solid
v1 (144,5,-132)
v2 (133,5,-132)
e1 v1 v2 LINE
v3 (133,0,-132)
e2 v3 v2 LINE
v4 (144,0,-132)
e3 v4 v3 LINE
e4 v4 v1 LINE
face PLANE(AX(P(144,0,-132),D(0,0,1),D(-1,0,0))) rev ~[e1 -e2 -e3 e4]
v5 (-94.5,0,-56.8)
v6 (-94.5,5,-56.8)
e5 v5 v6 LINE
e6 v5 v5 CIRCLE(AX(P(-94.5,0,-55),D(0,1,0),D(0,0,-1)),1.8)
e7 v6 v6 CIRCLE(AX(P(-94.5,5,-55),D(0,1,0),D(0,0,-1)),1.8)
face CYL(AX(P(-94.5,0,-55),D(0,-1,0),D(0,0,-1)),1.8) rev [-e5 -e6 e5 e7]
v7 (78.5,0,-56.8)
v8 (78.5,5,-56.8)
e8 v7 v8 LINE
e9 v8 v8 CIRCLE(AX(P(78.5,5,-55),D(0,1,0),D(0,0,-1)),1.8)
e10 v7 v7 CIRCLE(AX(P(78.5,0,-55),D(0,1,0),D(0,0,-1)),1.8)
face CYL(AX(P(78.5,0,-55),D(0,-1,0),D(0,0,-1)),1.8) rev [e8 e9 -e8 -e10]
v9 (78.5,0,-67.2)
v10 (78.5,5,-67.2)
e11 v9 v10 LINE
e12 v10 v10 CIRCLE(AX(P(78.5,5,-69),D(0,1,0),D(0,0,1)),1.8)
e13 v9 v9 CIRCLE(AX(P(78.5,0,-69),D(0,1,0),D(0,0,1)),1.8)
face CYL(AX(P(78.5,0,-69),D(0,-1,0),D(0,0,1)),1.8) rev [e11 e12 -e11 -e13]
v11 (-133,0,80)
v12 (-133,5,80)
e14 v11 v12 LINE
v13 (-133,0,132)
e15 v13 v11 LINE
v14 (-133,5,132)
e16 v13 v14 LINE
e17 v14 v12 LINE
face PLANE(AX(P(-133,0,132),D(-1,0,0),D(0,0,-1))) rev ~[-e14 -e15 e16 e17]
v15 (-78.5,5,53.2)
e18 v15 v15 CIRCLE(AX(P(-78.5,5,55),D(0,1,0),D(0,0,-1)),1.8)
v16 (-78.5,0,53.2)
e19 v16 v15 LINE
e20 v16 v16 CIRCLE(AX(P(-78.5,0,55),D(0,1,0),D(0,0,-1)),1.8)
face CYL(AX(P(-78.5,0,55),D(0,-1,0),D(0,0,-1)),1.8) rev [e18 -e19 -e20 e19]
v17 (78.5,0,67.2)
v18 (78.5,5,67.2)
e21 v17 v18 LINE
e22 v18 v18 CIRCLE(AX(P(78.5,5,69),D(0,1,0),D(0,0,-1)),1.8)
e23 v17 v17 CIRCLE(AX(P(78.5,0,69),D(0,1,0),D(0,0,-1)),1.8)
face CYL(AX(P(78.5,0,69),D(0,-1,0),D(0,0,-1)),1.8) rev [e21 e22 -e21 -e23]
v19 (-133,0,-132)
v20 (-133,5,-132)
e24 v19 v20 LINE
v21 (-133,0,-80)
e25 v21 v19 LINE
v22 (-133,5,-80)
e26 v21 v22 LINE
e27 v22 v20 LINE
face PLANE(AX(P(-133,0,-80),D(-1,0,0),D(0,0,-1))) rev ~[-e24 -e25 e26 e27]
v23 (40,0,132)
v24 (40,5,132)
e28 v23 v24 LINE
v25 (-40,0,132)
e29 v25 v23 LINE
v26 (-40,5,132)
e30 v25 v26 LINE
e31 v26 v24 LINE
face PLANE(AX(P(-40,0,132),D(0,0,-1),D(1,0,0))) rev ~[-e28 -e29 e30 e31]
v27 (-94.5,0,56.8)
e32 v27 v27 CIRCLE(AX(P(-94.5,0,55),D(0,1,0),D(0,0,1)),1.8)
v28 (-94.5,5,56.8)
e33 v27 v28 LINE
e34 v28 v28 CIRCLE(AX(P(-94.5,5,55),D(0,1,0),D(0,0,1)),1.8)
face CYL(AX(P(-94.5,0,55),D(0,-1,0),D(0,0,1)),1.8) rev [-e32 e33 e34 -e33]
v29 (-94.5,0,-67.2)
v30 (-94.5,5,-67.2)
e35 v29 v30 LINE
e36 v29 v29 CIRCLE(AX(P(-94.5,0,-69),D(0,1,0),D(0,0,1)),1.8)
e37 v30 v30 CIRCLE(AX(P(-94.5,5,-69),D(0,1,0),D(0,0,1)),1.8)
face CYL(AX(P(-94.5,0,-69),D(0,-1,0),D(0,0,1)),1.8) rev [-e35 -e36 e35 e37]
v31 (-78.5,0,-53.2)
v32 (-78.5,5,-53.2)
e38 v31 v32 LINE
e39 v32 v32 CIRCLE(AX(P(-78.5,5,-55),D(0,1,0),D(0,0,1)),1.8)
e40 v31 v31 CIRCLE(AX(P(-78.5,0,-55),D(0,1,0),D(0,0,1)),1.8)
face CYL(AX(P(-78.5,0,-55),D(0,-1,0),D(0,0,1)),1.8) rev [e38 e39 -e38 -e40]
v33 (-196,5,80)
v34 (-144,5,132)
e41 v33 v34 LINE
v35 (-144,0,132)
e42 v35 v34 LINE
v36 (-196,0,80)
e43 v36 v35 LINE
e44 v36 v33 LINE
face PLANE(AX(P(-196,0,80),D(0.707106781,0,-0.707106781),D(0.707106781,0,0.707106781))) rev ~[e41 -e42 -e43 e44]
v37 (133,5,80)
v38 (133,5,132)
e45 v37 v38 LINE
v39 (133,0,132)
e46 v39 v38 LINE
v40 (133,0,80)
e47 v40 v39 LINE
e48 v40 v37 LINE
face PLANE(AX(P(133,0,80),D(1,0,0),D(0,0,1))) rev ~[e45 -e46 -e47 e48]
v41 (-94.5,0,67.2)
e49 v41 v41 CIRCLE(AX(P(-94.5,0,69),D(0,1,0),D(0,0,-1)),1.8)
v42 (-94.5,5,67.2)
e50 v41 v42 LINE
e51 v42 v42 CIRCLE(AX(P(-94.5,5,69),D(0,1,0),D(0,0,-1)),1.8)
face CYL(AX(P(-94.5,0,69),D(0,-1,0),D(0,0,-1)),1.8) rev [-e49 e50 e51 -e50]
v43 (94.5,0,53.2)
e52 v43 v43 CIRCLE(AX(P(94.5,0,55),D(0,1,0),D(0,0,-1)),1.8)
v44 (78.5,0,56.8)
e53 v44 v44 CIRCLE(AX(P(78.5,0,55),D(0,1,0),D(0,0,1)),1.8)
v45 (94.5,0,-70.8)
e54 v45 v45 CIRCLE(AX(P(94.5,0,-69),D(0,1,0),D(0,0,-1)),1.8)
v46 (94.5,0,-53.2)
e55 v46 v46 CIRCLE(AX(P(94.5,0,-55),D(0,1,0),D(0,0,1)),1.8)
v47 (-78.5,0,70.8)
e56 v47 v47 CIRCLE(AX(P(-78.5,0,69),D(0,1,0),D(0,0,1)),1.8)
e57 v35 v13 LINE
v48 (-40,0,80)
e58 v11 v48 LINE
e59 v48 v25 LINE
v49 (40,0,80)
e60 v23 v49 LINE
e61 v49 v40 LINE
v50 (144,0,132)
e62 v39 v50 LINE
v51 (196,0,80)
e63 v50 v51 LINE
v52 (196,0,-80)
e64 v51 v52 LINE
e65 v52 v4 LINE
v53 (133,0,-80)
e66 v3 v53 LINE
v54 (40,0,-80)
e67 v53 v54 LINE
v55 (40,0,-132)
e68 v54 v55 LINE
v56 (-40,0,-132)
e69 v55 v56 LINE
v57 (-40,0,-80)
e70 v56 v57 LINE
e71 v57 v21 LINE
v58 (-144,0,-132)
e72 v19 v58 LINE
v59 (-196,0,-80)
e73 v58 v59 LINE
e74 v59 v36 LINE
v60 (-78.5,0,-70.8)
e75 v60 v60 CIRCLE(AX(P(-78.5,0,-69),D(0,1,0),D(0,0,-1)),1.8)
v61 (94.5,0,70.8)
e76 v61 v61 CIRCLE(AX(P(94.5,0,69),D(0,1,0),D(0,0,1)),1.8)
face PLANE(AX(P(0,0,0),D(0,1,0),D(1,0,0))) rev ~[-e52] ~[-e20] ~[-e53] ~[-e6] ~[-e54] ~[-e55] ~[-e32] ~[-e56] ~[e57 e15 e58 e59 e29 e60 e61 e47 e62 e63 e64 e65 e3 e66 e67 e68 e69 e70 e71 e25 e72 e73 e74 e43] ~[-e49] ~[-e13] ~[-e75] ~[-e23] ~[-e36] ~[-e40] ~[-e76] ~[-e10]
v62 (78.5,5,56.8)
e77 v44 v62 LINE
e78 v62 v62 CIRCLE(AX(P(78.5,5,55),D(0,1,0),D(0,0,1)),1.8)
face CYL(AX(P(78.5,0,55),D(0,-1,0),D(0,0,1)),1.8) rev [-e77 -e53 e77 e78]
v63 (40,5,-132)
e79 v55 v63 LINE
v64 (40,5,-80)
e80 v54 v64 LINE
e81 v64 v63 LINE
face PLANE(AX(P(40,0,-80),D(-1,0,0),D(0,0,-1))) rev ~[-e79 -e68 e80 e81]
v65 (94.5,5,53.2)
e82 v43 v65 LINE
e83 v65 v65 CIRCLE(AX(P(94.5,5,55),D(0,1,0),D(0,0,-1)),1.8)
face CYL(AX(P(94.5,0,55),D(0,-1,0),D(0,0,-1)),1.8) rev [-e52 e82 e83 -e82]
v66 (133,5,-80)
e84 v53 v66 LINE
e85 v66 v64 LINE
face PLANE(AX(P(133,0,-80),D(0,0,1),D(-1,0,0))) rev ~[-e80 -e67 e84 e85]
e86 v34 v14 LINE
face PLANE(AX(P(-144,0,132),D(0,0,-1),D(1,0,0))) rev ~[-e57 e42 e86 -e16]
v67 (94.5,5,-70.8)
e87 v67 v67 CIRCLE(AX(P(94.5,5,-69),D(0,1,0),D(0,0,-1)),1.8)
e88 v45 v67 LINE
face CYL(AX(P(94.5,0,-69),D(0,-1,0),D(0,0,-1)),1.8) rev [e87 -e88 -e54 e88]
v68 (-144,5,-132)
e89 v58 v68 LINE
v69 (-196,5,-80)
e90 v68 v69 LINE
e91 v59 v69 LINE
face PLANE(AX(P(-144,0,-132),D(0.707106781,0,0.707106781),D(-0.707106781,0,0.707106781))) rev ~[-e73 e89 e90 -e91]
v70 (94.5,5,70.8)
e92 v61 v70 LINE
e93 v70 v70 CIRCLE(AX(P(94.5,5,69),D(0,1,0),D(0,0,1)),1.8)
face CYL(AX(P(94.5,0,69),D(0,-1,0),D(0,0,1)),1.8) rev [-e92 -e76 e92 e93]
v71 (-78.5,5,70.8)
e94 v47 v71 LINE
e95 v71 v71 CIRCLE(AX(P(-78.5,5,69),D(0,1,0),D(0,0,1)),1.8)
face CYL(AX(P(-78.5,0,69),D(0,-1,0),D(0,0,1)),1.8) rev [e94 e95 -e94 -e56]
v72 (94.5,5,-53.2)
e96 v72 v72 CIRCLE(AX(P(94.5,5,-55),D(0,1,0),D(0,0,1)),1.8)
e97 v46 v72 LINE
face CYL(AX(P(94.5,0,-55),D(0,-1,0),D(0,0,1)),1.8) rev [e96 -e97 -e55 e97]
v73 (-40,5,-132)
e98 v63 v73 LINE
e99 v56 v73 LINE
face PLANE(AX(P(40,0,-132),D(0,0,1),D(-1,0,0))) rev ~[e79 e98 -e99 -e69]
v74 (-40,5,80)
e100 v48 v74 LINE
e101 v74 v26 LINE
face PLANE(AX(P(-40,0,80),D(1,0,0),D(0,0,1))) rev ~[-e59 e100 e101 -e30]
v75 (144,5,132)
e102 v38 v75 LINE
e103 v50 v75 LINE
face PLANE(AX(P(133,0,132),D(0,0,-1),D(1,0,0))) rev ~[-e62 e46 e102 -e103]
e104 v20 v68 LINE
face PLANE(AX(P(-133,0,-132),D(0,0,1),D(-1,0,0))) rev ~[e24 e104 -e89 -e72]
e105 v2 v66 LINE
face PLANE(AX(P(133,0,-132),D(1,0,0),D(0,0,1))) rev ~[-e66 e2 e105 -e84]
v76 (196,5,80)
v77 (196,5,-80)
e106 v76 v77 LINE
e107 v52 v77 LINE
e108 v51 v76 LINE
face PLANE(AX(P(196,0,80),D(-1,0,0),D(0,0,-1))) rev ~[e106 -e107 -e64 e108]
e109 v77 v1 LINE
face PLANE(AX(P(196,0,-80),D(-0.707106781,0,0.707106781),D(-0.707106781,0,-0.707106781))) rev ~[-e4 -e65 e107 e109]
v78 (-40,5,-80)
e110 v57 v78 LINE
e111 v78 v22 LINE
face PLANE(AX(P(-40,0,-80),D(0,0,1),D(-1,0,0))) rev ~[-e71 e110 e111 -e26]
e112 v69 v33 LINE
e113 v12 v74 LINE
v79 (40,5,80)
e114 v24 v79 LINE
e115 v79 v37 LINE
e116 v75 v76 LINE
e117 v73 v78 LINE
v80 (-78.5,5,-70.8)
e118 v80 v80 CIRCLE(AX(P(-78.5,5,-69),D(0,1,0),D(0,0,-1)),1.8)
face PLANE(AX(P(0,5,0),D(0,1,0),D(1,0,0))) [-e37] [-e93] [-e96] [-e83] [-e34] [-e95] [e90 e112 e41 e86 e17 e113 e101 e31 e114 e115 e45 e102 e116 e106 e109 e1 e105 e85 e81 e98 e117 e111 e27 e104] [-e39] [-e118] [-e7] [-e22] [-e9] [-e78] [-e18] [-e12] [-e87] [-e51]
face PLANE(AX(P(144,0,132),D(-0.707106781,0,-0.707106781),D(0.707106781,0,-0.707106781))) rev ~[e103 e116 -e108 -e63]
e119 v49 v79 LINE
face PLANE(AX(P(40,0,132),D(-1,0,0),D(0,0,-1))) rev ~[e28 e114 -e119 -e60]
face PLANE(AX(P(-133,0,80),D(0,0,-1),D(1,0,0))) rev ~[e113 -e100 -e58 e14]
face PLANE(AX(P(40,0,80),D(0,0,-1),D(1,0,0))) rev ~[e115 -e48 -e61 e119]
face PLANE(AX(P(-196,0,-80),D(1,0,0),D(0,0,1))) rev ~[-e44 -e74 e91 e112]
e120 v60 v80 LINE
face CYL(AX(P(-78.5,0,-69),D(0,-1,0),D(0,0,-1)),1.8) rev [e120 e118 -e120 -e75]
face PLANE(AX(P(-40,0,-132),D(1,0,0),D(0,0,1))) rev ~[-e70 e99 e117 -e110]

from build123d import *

# Parameters (mm, degrees)
SKETCH1_R           = 1.8
BOSS_EXTRUDE1_DEPTH = 5


with BuildPart() as part:
    # Sketch1 → Boss-Extrude1 (new body)
    with BuildSketch(Plane(origin=(0, 0, 0), x_dir=(1, 0, 0), z_dir=(0, 1, 0))):
        Polygon((196, -80), (196, 80), (144, 132), (133, 132), (133, 80), (40, 80), (40, 132), (-40, 132), (-40, 80), (-133, 80), (-133, 132), (-144, 132), (-196, 80), (-196, -80), (-144, -132), (-133, -132), (-133, -80), (-40, -80), (-40, -132), (40, -132), (40, -80), (133, -80), (133, -132), (144, -132), align=None)
        with Locations(Location((94.5, -69, 0), (0, 0, 270))):
            Circle(SKETCH1_R, mode=Mode.SUBTRACT)
        with Locations(Location((94.5, -55, 0), (0, 0, 90))):
            Circle(SKETCH1_R, mode=Mode.SUBTRACT)
        with Locations(Location((78.5, -69, 0), (0, 0, 90))):
            Circle(SKETCH1_R, mode=Mode.SUBTRACT)
        with Locations(Location((78.5, -55, 0), (0, 0, 270))):
            Circle(SKETCH1_R, mode=Mode.SUBTRACT)
        with Locations(Location((94.5, 69, 0), (0, 0, 90))):
            Circle(SKETCH1_R, mode=Mode.SUBTRACT)
        with Locations(Location((78.5, 69, 0), (0, 0, 270))):
            Circle(SKETCH1_R, mode=Mode.SUBTRACT)
        with Locations(Location((78.5, 55, 0), (0, 0, 90))):
            Circle(SKETCH1_R, mode=Mode.SUBTRACT)
        with Locations(Location((94.5, 55, 0), (0, 0, 270))):
            Circle(SKETCH1_R, mode=Mode.SUBTRACT)
        with Locations(Location((-94.5, -69, 0), (0, 0, 90))):
            Circle(SKETCH1_R, mode=Mode.SUBTRACT)
        with Locations(Location((-94.5, -55, 0), (0, 0, 270))):
            Circle(SKETCH1_R, mode=Mode.SUBTRACT)
        with Locations(Location((-78.5, -55, 0), (0, 0, 90))):
            Circle(SKETCH1_R, mode=Mode.SUBTRACT)
        with Locations(Location((-78.5, -69, 0), (0, 0, 270))):
            Circle(SKETCH1_R, mode=Mode.SUBTRACT)
        with Locations(Location((-78.5, 55, 0), (0, 0, 270))):
            Circle(SKETCH1_R, mode=Mode.SUBTRACT)
        with Locations(Location((-78.5, 69, 0), (0, 0, 90))):
            Circle(SKETCH1_R, mode=Mode.SUBTRACT)
        with Locations(Location((-94.5, 55, 0), (0, 0, 90))):
            Circle(SKETCH1_R, mode=Mode.SUBTRACT)
        with Locations(Location((-94.5, 69, 0), (0, 0, 270))):
            Circle(SKETCH1_R, mode=Mode.SUBTRACT)
    extrude(amount=BOSS_EXTRUDE1_DEPTH)


solid = part.part
